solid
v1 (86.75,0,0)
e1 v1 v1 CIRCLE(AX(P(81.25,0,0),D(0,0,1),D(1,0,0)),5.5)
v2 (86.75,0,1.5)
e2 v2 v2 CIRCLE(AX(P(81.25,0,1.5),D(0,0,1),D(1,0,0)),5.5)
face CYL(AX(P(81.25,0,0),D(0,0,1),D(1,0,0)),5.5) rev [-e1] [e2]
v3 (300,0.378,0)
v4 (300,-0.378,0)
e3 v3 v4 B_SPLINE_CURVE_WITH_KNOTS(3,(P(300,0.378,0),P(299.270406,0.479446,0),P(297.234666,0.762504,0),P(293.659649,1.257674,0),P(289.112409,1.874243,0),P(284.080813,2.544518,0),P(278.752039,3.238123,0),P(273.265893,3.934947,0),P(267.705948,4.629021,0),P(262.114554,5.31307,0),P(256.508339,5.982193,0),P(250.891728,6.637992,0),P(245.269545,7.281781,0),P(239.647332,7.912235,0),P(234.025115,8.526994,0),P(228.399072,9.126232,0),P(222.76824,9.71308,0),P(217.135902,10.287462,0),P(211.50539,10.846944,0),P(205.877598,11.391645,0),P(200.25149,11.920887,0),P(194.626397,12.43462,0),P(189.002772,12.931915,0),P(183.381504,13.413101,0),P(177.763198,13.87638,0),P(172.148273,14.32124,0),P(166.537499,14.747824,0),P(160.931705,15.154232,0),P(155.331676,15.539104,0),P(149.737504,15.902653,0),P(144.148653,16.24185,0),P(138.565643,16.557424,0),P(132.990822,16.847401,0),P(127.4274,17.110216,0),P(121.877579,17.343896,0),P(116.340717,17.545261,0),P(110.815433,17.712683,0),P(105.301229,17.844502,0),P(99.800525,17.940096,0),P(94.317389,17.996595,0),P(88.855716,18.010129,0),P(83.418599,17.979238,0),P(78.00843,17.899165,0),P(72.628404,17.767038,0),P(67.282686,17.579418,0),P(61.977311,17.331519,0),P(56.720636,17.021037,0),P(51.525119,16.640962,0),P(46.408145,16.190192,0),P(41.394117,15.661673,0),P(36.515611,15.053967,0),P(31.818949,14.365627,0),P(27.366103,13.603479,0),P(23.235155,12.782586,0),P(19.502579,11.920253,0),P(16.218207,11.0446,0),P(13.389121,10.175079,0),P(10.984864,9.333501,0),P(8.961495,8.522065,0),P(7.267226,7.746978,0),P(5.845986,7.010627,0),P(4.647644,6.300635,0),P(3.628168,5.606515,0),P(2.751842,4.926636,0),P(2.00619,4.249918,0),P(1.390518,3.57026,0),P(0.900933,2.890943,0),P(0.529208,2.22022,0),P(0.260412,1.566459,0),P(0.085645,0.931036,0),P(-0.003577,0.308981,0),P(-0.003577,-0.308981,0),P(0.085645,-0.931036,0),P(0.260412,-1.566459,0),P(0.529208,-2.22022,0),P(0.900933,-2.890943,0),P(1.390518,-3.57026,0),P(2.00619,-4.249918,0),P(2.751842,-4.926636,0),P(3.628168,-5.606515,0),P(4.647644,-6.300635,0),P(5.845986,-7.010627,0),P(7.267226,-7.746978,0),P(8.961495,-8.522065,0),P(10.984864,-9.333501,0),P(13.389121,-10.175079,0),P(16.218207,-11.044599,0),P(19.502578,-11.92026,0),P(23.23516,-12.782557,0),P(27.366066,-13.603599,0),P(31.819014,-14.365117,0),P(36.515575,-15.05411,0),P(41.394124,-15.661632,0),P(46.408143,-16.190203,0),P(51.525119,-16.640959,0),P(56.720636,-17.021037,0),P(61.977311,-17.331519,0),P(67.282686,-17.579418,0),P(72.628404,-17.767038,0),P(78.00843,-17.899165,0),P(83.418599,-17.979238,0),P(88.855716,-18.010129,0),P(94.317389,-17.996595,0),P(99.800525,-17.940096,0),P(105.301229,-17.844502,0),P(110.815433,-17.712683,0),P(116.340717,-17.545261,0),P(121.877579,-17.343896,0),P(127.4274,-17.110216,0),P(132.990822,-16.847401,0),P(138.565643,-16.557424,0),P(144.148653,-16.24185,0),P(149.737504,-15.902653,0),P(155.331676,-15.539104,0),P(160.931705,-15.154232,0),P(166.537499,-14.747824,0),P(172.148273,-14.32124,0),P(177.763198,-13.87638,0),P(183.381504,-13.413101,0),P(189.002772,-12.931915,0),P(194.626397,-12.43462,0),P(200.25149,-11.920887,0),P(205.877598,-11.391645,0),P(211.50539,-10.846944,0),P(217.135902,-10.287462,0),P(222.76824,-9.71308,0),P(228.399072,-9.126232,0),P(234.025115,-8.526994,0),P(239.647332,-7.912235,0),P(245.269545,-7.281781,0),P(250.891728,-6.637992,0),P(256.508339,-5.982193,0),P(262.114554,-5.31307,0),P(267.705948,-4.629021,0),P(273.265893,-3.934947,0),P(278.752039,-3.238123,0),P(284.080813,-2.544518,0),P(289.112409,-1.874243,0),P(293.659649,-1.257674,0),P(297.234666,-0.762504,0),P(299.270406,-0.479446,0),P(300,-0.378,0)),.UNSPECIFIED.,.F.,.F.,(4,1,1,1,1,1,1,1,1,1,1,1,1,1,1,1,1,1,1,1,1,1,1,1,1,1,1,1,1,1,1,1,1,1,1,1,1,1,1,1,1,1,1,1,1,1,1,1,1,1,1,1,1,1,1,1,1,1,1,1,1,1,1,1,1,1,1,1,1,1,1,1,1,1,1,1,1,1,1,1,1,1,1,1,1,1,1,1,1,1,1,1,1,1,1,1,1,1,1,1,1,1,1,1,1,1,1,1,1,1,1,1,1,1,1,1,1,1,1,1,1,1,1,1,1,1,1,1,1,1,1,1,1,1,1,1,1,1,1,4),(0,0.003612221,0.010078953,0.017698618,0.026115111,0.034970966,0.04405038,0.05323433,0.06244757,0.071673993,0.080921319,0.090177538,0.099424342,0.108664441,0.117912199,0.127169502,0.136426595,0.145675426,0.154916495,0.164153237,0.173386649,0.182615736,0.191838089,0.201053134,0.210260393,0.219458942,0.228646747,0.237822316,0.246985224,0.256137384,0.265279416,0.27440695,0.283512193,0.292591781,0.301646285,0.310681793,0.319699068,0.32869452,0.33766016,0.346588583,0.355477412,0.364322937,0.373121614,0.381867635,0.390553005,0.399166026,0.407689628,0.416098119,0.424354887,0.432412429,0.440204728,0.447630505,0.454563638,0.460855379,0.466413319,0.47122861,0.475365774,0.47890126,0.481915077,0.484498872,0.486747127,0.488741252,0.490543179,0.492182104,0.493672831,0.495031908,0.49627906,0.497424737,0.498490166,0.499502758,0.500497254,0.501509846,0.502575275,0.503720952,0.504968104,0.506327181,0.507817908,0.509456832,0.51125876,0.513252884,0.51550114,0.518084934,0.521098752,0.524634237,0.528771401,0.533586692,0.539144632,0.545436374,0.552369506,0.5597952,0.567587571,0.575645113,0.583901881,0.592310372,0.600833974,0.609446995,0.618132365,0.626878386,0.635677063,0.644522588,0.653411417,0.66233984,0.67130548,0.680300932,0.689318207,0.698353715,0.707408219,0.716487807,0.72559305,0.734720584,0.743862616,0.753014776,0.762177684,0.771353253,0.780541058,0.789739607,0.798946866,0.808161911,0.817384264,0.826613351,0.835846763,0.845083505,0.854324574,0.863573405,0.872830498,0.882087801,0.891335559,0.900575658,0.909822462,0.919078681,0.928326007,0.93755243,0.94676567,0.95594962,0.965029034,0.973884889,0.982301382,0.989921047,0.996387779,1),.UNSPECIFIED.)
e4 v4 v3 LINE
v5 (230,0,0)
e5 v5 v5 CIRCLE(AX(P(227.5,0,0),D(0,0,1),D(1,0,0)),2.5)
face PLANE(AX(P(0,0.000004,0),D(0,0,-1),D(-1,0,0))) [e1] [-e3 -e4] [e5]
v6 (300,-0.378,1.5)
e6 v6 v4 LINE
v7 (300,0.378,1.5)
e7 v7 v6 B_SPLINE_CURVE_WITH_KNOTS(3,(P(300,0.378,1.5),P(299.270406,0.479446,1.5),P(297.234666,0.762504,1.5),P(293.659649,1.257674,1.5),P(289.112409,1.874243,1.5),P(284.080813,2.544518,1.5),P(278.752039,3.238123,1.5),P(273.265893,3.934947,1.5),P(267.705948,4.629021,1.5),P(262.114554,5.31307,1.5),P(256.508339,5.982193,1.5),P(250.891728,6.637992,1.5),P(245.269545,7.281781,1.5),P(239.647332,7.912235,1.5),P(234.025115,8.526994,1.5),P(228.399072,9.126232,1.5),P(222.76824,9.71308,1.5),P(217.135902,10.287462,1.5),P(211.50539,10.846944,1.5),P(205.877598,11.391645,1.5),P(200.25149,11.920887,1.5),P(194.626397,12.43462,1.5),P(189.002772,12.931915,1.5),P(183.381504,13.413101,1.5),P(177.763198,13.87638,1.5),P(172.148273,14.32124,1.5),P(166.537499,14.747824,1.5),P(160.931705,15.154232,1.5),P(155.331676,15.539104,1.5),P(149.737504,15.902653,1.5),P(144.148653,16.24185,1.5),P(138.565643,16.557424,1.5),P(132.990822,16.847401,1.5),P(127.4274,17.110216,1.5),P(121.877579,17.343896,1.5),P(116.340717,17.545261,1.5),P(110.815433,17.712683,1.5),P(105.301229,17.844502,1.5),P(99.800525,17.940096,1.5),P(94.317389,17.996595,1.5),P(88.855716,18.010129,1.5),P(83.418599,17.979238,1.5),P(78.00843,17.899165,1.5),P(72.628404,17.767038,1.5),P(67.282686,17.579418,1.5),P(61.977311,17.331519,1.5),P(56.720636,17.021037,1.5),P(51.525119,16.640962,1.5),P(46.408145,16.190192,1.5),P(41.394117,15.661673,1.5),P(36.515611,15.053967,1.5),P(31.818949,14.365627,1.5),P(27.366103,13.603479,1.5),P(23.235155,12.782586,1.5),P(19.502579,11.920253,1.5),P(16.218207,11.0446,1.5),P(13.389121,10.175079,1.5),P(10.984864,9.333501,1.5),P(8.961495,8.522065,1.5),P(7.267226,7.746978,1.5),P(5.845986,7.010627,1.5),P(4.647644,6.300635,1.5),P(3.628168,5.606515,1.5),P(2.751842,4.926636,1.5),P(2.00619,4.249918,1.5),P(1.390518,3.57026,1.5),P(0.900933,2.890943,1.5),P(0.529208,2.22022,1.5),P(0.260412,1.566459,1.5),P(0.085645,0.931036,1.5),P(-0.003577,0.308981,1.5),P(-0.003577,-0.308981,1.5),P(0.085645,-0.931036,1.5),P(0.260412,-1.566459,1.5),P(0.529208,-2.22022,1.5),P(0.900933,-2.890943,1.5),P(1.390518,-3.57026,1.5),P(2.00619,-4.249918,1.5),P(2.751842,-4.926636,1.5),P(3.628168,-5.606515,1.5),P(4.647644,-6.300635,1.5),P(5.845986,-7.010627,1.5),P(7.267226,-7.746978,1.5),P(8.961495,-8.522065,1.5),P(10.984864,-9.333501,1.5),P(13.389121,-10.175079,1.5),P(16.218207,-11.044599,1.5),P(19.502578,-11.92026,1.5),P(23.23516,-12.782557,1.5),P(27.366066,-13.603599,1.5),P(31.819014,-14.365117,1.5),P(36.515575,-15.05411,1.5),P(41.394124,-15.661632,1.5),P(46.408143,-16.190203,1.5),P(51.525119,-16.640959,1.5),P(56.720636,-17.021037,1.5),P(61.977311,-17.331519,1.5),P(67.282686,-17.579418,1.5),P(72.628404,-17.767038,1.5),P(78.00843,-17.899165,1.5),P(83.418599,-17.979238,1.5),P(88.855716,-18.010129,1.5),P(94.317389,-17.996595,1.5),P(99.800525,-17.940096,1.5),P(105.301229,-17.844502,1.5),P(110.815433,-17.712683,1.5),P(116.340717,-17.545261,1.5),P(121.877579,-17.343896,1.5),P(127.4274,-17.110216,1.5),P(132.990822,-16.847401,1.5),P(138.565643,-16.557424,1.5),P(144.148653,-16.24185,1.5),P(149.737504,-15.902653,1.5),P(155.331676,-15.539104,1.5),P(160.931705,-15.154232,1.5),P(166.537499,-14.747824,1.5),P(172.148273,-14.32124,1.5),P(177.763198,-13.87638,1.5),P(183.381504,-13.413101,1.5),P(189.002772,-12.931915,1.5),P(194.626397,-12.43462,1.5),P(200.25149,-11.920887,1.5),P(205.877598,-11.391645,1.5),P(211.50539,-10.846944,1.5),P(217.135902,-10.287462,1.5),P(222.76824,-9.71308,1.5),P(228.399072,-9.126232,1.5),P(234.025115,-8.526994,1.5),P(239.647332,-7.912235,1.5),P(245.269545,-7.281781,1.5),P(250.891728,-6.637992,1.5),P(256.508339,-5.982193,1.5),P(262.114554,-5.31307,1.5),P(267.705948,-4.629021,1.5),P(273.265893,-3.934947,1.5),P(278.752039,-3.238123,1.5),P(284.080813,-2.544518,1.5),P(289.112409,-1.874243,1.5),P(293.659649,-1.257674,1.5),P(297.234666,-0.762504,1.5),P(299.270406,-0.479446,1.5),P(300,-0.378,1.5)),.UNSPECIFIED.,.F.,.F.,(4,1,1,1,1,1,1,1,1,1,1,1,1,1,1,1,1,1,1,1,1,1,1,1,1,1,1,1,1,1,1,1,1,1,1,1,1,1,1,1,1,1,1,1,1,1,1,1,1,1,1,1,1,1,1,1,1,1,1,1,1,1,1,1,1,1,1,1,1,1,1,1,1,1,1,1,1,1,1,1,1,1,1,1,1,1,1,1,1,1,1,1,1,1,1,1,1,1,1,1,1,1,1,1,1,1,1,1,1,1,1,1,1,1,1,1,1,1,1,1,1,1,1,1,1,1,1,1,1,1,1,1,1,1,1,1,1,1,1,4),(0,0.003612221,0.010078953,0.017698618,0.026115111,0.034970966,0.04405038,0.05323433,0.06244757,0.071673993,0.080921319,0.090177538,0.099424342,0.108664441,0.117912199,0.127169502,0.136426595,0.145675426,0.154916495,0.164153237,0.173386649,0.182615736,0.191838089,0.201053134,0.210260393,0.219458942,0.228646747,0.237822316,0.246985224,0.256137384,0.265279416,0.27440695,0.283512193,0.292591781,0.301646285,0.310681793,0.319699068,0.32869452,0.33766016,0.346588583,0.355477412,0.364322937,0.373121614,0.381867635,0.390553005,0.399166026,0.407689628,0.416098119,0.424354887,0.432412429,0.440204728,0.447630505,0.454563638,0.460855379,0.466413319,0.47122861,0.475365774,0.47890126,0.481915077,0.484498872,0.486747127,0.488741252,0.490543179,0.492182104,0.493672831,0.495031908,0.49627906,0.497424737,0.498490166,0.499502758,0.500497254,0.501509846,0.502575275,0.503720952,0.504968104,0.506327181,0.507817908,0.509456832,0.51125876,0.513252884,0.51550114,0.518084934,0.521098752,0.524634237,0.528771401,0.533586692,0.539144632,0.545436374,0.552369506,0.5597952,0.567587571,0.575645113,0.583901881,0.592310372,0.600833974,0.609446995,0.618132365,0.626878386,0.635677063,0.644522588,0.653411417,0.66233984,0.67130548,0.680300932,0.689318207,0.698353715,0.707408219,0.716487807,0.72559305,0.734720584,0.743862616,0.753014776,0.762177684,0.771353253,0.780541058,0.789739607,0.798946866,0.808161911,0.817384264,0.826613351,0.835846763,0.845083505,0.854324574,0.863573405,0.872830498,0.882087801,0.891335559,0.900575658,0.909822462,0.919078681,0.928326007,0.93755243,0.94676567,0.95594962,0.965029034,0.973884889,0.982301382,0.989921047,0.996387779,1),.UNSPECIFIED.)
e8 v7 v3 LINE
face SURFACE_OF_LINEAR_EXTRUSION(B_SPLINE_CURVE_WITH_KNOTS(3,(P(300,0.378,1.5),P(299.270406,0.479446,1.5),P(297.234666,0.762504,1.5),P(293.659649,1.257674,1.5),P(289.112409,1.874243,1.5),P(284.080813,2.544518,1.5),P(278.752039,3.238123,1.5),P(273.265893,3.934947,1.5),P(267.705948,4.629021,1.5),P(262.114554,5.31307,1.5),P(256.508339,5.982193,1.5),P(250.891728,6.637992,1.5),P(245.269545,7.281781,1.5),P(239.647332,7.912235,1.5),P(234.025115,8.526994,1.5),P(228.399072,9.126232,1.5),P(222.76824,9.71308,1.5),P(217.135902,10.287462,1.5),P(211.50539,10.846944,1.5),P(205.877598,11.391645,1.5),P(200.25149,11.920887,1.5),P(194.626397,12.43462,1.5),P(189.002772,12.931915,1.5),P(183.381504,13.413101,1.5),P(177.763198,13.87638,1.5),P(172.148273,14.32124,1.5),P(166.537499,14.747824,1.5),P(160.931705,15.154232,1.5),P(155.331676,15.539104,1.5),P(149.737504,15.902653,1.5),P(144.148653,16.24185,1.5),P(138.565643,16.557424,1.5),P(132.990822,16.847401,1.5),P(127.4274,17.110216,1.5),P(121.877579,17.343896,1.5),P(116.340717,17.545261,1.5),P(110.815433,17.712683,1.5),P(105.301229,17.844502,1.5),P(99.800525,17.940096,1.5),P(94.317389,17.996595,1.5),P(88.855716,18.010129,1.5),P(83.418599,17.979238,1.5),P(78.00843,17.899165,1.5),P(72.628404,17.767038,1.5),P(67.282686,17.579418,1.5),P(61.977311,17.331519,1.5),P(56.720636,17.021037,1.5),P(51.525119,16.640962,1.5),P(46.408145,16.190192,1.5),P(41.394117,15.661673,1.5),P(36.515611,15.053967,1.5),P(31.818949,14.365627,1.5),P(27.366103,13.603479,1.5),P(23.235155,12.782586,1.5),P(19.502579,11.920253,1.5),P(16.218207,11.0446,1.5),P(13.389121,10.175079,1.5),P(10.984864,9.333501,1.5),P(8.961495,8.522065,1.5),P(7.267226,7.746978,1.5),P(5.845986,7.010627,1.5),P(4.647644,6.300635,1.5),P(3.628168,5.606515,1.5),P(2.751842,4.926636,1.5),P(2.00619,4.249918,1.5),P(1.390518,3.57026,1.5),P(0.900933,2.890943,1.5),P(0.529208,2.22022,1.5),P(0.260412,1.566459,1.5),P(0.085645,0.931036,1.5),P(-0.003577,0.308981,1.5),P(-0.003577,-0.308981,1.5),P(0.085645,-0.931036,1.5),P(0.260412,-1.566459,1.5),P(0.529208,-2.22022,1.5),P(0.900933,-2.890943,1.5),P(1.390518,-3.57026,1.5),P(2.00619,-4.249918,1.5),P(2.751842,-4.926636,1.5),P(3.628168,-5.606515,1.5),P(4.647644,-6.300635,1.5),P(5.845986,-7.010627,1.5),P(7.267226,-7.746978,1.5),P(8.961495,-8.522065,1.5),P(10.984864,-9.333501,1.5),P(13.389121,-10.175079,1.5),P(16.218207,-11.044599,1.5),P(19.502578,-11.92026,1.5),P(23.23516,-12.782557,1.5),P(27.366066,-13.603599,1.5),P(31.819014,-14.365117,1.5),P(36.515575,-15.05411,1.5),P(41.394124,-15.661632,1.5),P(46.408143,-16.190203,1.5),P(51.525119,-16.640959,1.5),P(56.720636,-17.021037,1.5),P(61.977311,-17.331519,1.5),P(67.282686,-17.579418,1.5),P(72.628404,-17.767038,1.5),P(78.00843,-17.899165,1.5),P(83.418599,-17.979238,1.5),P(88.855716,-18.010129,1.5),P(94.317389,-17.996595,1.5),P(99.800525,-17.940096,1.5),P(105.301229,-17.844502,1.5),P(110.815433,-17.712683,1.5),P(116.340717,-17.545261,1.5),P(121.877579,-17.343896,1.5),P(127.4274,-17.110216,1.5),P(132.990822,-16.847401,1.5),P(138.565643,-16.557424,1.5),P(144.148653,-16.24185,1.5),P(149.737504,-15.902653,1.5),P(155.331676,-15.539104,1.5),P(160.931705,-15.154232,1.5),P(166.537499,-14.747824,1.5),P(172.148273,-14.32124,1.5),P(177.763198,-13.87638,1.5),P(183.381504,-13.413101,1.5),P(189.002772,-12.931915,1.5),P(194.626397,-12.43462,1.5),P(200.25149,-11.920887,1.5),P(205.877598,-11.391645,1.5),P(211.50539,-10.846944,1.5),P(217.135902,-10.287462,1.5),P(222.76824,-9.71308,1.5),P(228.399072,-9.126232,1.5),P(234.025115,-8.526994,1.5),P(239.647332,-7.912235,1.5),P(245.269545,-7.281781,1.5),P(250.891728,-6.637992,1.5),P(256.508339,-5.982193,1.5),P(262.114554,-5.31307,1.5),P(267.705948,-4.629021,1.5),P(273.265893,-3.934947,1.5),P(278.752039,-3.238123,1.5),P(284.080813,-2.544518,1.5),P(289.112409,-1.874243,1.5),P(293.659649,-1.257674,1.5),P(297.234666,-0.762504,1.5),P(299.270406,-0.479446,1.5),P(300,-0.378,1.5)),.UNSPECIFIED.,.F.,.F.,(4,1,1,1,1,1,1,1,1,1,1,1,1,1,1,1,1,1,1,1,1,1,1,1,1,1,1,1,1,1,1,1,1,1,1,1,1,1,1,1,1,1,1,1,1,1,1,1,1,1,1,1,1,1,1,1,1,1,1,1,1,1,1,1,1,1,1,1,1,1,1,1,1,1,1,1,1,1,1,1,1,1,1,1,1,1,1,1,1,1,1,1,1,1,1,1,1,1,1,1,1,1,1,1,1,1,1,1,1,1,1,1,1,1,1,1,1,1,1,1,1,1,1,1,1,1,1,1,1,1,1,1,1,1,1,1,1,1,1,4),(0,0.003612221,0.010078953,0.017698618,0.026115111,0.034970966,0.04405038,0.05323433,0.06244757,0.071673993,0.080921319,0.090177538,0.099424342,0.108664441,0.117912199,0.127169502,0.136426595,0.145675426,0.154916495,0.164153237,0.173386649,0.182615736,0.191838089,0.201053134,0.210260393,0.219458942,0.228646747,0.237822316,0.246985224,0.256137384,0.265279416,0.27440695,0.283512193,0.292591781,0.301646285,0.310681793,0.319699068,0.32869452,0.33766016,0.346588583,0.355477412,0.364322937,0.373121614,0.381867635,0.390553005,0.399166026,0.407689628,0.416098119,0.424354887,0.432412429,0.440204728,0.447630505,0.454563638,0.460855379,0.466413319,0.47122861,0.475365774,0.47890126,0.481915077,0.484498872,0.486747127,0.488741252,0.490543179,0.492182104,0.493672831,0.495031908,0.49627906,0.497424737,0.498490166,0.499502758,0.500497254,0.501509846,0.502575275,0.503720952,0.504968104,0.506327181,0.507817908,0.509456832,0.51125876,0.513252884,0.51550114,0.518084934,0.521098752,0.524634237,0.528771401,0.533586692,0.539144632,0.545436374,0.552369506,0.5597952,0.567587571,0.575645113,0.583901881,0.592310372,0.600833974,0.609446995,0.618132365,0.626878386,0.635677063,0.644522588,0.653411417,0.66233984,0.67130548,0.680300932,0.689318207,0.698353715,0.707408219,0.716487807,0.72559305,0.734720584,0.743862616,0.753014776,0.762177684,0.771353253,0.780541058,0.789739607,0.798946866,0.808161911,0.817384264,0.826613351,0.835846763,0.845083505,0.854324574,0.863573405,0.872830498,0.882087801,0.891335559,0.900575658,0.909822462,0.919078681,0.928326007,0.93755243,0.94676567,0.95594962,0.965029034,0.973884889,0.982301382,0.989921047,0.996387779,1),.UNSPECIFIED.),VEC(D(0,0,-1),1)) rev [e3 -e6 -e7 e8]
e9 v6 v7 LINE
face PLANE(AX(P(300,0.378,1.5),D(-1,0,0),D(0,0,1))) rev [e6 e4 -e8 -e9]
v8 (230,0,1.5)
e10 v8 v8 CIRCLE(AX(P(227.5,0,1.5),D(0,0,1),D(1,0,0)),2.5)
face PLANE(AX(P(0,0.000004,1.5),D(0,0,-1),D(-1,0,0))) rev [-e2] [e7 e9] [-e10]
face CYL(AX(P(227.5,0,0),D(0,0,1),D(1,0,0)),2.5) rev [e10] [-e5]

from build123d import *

# Parameters (mm, degrees)
BOSS_EXTRUDE1_DEPTH = 1.5
SKETCH7_R           = 5.5
SKETCH7_R_2         = 2.5
CUT_EXTRUDE7_DEPTH  = 2.5000001


with BuildPart() as part:
    # Sketch5 → Boss-Extrude1 (new body)
    with BuildSketch(Plane.XY):
        with BuildLine():
            Line((300, 0.378000086), (300, -0.378000086))
            add(Edge.make_bspline(
                [(300, 0.378000086), (299.270406258, 0.479445931), (297.234666467, 0.762503927), (293.659648722, 1.257673791), (289.112409325, 1.874242868), (284.080813047, 2.544518018), (278.752039398, 3.238123051), (273.265892957, 3.934947328), (267.705948145, 4.629020993), (262.114554424, 5.313070312), (256.508339042, 5.98219317), (250.891727853, 6.637992315), (245.269544548, 7.281780887), (239.647331656, 7.912234559), (234.025115138, 8.526993981), (228.399071658, 9.126231834), (222.768240123, 9.71307981), (217.135901993, 10.287462144), (211.505390076, 10.846943545), (205.877598449, 11.391645411), (200.251489743, 11.920887329), (194.626396629, 12.434619899), (189.002771954, 12.931914744), (183.381504479, 13.413100625), (177.763197883, 13.876379849), (172.148272526, 14.321240443), (166.537499181, 14.747824264), (160.931704642, 15.154231582), (155.331676028, 15.539104381), (149.737504253, 15.902653172), (144.148652919, 16.241849804), (138.565642978, 16.557424303), (132.990821912, 16.847401378), (127.427400287, 17.110215561), (121.877579225, 17.343895653), (116.340716908, 17.545260794), (110.81543346, 17.712683139), (105.301229225, 17.844501987), (99.800524694, 17.940095883), (94.317389178, 17.996594522), (88.855716162, 18.010128544), (83.418598836, 17.97923792), (78.008430461, 17.899164774), (72.628403778, 17.767037818), (67.282685946, 17.579417922), (61.977310891, 17.331519421), (56.72063582, 17.021036513), (51.525118947, 16.640961845), (46.408145083, 16.190192264), (41.394117392, 15.661672653), (36.515611307, 15.053967199), (31.818948595, 14.365626864), (27.366102973, 13.60347877), (23.235155161, 12.782586344), (19.502578811, 11.920253456), (16.218207008, 11.044600302), (13.389120989, 10.175078564), (10.984863761, 9.333500833), (8.961495446, 8.522064815), (7.267225637, 7.746977759), (5.845985727, 7.010627212), (4.647644075, 6.300635462), (3.62816801, 5.60651494), (2.751841757, 4.926636369), (2.006189751, 4.249918223), (1.390518388, 3.570260302), (0.900932575, 2.890942908), (0.52920759, 2.220219777), (0.260411531, 1.566459291), (0.085644609, 0.931036139), (-0.003577313, 0.308981085), (-0.003577313, -0.308981085), (0.085644609, -0.931036139), (0.260411531, -1.566459291), (0.52920759, -2.220219777), (0.900932575, -2.890942908), (1.390518388, -3.570260302), (2.006189751, -4.249918223), (2.751841757, -4.926636369), (3.62816801, -5.60651494), (4.647644075, -6.300635462), (5.845985727, -7.010627213), (7.267225637, -7.746977757), (8.961495444, -8.522064829), (10.984863772, -9.333500769), (13.389120938, -10.175078867), (16.218207245, -11.044598882), (19.502577721, -11.920259984), (23.235160006, -12.782557313), (27.366065703, -13.603599247), (31.819014163, -14.365116623), (36.515574857, -15.054109513), (41.394123531, -15.66163244), (46.408143388, -16.190203367), (51.525119412, -16.640958803), (56.720635693, -17.021037342), (61.977310926, -17.331519196), (67.282685937, -17.579417983), (72.628403781, -17.767037802), (78.008430461, -17.899164778), (83.418598837, -17.979237918), (88.855716162, -18.010128544), (94.317389178, -17.996594522), (99.800524694, -17.940095883), (105.301229225, -17.844501987), (110.81543346, -17.712683139), (116.340716908, -17.545260794), (121.877579225, -17.343895653), (127.427400287, -17.110215561), (132.990821912, -16.847401378), (138.565642978, -16.557424303), (144.148652919, -16.241849804), (149.737504253, -15.902653172), (155.331676028, -15.539104381), (160.931704642, -15.154231582), (166.537499181, -14.747824264), (172.148272526, -14.321240443), (177.763197883, -13.876379849), (183.381504479, -13.413100625), (189.002771954, -12.931914743), (194.626396629, -12.434619899), (200.251489743, -11.920887329), (205.877598449, -11.391645411), (211.505390076, -10.846943545), (217.135901993, -10.287462144), (222.768240123, -9.71307981), (228.399071658, -9.126231834), (234.025115138, -8.526993981), (239.647331656, -7.912234559), (245.269544548, -7.281780887), (250.891727853, -6.637992315), (256.508339042, -5.98219317), (262.114554424, -5.313070312), (267.705948145, -4.629020993), (273.265892957, -3.934947328), (278.752039398, -3.238123051), (284.080813047, -2.544518018), (289.112409325, -1.874242868), (293.659648722, -1.257673791), (297.234666467, -0.762503927), (299.270406258, -0.47944593), (300, -0.378000086)],
                knots=[0, 0, 0, 0, 0.003612221, 0.010078953, 0.017698618, 0.026115111, 0.034970966, 0.04405038, 0.05323433, 0.06244757, 0.071673993, 0.080921319, 0.090177538, 0.099424342, 0.108664441, 0.117912199, 0.127169502, 0.136426595, 0.145675426, 0.154916495, 0.164153237, 0.173386649, 0.182615736, 0.191838089, 0.201053134, 0.210260393, 0.219458942, 0.228646747, 0.237822316, 0.246985224, 0.256137384, 0.265279416, 0.27440695, 0.283512193, 0.292591781, 0.301646285, 0.310681793, 0.319699068, 0.32869452, 0.33766016, 0.346588583, 0.355477412, 0.364322937, 0.373121614, 0.381867635, 0.390553005, 0.399166026, 0.407689628, 0.416098119, 0.424354887, 0.432412429, 0.440204728, 0.447630505, 0.454563638, 0.460855379, 0.466413319, 0.47122861, 0.475365774, 0.47890126, 0.481915077, 0.484498872, 0.486747127, 0.488741252, 0.490543179, 0.492182104, 0.493672831, 0.495031908, 0.49627906, 0.497424737, 0.498490166, 0.499502758, 0.500497254, 0.501509846, 0.502575275, 0.503720952, 0.504968104, 0.506327181, 0.507817908, 0.509456832, 0.51125876, 0.513252884, 0.51550114, 0.518084934, 0.521098752, 0.524634237, 0.528771401, 0.533586692, 0.539144632, 0.545436374, 0.552369506, 0.5597952, 0.567587571, 0.575645113, 0.583901881, 0.592310372, 0.600833974, 0.609446995, 0.618132365, 0.626878386, 0.635677063, 0.644522588, 0.653411417, 0.66233984, 0.67130548, 0.680300932, 0.689318207, 0.698353715, 0.707408219, 0.716487807, 0.72559305, 0.734720584, 0.743862616, 0.753014776, 0.762177684, 0.771353253, 0.780541058, 0.789739607, 0.798946866, 0.808161911, 0.817384264, 0.826613351, 0.835846763, 0.845083505, 0.854324574, 0.863573405, 0.872830498, 0.882087801, 0.891335559, 0.900575658, 0.909822462, 0.919078681, 0.928326007, 0.93755243, 0.94676567, 0.95594962, 0.965029034, 0.973884889, 0.982301382, 0.989921047, 0.996387779, 1, 1, 1, 1], degree=3))
        make_face()
    extrude(amount=BOSS_EXTRUDE1_DEPTH)

    # Sketch7 → Cut-Extrude7 (cut, through all)
    with BuildSketch(Plane.XY.offset(1.5)):
        with Locations((81.25, 0)):
            Circle(SKETCH7_R)
        with Locations((227.5, 0)):
            Circle(SKETCH7_R_2)
    extrude(amount=-CUT_EXTRUDE7_DEPTH, mode=Mode.SUBTRACT)


solid = part.part
